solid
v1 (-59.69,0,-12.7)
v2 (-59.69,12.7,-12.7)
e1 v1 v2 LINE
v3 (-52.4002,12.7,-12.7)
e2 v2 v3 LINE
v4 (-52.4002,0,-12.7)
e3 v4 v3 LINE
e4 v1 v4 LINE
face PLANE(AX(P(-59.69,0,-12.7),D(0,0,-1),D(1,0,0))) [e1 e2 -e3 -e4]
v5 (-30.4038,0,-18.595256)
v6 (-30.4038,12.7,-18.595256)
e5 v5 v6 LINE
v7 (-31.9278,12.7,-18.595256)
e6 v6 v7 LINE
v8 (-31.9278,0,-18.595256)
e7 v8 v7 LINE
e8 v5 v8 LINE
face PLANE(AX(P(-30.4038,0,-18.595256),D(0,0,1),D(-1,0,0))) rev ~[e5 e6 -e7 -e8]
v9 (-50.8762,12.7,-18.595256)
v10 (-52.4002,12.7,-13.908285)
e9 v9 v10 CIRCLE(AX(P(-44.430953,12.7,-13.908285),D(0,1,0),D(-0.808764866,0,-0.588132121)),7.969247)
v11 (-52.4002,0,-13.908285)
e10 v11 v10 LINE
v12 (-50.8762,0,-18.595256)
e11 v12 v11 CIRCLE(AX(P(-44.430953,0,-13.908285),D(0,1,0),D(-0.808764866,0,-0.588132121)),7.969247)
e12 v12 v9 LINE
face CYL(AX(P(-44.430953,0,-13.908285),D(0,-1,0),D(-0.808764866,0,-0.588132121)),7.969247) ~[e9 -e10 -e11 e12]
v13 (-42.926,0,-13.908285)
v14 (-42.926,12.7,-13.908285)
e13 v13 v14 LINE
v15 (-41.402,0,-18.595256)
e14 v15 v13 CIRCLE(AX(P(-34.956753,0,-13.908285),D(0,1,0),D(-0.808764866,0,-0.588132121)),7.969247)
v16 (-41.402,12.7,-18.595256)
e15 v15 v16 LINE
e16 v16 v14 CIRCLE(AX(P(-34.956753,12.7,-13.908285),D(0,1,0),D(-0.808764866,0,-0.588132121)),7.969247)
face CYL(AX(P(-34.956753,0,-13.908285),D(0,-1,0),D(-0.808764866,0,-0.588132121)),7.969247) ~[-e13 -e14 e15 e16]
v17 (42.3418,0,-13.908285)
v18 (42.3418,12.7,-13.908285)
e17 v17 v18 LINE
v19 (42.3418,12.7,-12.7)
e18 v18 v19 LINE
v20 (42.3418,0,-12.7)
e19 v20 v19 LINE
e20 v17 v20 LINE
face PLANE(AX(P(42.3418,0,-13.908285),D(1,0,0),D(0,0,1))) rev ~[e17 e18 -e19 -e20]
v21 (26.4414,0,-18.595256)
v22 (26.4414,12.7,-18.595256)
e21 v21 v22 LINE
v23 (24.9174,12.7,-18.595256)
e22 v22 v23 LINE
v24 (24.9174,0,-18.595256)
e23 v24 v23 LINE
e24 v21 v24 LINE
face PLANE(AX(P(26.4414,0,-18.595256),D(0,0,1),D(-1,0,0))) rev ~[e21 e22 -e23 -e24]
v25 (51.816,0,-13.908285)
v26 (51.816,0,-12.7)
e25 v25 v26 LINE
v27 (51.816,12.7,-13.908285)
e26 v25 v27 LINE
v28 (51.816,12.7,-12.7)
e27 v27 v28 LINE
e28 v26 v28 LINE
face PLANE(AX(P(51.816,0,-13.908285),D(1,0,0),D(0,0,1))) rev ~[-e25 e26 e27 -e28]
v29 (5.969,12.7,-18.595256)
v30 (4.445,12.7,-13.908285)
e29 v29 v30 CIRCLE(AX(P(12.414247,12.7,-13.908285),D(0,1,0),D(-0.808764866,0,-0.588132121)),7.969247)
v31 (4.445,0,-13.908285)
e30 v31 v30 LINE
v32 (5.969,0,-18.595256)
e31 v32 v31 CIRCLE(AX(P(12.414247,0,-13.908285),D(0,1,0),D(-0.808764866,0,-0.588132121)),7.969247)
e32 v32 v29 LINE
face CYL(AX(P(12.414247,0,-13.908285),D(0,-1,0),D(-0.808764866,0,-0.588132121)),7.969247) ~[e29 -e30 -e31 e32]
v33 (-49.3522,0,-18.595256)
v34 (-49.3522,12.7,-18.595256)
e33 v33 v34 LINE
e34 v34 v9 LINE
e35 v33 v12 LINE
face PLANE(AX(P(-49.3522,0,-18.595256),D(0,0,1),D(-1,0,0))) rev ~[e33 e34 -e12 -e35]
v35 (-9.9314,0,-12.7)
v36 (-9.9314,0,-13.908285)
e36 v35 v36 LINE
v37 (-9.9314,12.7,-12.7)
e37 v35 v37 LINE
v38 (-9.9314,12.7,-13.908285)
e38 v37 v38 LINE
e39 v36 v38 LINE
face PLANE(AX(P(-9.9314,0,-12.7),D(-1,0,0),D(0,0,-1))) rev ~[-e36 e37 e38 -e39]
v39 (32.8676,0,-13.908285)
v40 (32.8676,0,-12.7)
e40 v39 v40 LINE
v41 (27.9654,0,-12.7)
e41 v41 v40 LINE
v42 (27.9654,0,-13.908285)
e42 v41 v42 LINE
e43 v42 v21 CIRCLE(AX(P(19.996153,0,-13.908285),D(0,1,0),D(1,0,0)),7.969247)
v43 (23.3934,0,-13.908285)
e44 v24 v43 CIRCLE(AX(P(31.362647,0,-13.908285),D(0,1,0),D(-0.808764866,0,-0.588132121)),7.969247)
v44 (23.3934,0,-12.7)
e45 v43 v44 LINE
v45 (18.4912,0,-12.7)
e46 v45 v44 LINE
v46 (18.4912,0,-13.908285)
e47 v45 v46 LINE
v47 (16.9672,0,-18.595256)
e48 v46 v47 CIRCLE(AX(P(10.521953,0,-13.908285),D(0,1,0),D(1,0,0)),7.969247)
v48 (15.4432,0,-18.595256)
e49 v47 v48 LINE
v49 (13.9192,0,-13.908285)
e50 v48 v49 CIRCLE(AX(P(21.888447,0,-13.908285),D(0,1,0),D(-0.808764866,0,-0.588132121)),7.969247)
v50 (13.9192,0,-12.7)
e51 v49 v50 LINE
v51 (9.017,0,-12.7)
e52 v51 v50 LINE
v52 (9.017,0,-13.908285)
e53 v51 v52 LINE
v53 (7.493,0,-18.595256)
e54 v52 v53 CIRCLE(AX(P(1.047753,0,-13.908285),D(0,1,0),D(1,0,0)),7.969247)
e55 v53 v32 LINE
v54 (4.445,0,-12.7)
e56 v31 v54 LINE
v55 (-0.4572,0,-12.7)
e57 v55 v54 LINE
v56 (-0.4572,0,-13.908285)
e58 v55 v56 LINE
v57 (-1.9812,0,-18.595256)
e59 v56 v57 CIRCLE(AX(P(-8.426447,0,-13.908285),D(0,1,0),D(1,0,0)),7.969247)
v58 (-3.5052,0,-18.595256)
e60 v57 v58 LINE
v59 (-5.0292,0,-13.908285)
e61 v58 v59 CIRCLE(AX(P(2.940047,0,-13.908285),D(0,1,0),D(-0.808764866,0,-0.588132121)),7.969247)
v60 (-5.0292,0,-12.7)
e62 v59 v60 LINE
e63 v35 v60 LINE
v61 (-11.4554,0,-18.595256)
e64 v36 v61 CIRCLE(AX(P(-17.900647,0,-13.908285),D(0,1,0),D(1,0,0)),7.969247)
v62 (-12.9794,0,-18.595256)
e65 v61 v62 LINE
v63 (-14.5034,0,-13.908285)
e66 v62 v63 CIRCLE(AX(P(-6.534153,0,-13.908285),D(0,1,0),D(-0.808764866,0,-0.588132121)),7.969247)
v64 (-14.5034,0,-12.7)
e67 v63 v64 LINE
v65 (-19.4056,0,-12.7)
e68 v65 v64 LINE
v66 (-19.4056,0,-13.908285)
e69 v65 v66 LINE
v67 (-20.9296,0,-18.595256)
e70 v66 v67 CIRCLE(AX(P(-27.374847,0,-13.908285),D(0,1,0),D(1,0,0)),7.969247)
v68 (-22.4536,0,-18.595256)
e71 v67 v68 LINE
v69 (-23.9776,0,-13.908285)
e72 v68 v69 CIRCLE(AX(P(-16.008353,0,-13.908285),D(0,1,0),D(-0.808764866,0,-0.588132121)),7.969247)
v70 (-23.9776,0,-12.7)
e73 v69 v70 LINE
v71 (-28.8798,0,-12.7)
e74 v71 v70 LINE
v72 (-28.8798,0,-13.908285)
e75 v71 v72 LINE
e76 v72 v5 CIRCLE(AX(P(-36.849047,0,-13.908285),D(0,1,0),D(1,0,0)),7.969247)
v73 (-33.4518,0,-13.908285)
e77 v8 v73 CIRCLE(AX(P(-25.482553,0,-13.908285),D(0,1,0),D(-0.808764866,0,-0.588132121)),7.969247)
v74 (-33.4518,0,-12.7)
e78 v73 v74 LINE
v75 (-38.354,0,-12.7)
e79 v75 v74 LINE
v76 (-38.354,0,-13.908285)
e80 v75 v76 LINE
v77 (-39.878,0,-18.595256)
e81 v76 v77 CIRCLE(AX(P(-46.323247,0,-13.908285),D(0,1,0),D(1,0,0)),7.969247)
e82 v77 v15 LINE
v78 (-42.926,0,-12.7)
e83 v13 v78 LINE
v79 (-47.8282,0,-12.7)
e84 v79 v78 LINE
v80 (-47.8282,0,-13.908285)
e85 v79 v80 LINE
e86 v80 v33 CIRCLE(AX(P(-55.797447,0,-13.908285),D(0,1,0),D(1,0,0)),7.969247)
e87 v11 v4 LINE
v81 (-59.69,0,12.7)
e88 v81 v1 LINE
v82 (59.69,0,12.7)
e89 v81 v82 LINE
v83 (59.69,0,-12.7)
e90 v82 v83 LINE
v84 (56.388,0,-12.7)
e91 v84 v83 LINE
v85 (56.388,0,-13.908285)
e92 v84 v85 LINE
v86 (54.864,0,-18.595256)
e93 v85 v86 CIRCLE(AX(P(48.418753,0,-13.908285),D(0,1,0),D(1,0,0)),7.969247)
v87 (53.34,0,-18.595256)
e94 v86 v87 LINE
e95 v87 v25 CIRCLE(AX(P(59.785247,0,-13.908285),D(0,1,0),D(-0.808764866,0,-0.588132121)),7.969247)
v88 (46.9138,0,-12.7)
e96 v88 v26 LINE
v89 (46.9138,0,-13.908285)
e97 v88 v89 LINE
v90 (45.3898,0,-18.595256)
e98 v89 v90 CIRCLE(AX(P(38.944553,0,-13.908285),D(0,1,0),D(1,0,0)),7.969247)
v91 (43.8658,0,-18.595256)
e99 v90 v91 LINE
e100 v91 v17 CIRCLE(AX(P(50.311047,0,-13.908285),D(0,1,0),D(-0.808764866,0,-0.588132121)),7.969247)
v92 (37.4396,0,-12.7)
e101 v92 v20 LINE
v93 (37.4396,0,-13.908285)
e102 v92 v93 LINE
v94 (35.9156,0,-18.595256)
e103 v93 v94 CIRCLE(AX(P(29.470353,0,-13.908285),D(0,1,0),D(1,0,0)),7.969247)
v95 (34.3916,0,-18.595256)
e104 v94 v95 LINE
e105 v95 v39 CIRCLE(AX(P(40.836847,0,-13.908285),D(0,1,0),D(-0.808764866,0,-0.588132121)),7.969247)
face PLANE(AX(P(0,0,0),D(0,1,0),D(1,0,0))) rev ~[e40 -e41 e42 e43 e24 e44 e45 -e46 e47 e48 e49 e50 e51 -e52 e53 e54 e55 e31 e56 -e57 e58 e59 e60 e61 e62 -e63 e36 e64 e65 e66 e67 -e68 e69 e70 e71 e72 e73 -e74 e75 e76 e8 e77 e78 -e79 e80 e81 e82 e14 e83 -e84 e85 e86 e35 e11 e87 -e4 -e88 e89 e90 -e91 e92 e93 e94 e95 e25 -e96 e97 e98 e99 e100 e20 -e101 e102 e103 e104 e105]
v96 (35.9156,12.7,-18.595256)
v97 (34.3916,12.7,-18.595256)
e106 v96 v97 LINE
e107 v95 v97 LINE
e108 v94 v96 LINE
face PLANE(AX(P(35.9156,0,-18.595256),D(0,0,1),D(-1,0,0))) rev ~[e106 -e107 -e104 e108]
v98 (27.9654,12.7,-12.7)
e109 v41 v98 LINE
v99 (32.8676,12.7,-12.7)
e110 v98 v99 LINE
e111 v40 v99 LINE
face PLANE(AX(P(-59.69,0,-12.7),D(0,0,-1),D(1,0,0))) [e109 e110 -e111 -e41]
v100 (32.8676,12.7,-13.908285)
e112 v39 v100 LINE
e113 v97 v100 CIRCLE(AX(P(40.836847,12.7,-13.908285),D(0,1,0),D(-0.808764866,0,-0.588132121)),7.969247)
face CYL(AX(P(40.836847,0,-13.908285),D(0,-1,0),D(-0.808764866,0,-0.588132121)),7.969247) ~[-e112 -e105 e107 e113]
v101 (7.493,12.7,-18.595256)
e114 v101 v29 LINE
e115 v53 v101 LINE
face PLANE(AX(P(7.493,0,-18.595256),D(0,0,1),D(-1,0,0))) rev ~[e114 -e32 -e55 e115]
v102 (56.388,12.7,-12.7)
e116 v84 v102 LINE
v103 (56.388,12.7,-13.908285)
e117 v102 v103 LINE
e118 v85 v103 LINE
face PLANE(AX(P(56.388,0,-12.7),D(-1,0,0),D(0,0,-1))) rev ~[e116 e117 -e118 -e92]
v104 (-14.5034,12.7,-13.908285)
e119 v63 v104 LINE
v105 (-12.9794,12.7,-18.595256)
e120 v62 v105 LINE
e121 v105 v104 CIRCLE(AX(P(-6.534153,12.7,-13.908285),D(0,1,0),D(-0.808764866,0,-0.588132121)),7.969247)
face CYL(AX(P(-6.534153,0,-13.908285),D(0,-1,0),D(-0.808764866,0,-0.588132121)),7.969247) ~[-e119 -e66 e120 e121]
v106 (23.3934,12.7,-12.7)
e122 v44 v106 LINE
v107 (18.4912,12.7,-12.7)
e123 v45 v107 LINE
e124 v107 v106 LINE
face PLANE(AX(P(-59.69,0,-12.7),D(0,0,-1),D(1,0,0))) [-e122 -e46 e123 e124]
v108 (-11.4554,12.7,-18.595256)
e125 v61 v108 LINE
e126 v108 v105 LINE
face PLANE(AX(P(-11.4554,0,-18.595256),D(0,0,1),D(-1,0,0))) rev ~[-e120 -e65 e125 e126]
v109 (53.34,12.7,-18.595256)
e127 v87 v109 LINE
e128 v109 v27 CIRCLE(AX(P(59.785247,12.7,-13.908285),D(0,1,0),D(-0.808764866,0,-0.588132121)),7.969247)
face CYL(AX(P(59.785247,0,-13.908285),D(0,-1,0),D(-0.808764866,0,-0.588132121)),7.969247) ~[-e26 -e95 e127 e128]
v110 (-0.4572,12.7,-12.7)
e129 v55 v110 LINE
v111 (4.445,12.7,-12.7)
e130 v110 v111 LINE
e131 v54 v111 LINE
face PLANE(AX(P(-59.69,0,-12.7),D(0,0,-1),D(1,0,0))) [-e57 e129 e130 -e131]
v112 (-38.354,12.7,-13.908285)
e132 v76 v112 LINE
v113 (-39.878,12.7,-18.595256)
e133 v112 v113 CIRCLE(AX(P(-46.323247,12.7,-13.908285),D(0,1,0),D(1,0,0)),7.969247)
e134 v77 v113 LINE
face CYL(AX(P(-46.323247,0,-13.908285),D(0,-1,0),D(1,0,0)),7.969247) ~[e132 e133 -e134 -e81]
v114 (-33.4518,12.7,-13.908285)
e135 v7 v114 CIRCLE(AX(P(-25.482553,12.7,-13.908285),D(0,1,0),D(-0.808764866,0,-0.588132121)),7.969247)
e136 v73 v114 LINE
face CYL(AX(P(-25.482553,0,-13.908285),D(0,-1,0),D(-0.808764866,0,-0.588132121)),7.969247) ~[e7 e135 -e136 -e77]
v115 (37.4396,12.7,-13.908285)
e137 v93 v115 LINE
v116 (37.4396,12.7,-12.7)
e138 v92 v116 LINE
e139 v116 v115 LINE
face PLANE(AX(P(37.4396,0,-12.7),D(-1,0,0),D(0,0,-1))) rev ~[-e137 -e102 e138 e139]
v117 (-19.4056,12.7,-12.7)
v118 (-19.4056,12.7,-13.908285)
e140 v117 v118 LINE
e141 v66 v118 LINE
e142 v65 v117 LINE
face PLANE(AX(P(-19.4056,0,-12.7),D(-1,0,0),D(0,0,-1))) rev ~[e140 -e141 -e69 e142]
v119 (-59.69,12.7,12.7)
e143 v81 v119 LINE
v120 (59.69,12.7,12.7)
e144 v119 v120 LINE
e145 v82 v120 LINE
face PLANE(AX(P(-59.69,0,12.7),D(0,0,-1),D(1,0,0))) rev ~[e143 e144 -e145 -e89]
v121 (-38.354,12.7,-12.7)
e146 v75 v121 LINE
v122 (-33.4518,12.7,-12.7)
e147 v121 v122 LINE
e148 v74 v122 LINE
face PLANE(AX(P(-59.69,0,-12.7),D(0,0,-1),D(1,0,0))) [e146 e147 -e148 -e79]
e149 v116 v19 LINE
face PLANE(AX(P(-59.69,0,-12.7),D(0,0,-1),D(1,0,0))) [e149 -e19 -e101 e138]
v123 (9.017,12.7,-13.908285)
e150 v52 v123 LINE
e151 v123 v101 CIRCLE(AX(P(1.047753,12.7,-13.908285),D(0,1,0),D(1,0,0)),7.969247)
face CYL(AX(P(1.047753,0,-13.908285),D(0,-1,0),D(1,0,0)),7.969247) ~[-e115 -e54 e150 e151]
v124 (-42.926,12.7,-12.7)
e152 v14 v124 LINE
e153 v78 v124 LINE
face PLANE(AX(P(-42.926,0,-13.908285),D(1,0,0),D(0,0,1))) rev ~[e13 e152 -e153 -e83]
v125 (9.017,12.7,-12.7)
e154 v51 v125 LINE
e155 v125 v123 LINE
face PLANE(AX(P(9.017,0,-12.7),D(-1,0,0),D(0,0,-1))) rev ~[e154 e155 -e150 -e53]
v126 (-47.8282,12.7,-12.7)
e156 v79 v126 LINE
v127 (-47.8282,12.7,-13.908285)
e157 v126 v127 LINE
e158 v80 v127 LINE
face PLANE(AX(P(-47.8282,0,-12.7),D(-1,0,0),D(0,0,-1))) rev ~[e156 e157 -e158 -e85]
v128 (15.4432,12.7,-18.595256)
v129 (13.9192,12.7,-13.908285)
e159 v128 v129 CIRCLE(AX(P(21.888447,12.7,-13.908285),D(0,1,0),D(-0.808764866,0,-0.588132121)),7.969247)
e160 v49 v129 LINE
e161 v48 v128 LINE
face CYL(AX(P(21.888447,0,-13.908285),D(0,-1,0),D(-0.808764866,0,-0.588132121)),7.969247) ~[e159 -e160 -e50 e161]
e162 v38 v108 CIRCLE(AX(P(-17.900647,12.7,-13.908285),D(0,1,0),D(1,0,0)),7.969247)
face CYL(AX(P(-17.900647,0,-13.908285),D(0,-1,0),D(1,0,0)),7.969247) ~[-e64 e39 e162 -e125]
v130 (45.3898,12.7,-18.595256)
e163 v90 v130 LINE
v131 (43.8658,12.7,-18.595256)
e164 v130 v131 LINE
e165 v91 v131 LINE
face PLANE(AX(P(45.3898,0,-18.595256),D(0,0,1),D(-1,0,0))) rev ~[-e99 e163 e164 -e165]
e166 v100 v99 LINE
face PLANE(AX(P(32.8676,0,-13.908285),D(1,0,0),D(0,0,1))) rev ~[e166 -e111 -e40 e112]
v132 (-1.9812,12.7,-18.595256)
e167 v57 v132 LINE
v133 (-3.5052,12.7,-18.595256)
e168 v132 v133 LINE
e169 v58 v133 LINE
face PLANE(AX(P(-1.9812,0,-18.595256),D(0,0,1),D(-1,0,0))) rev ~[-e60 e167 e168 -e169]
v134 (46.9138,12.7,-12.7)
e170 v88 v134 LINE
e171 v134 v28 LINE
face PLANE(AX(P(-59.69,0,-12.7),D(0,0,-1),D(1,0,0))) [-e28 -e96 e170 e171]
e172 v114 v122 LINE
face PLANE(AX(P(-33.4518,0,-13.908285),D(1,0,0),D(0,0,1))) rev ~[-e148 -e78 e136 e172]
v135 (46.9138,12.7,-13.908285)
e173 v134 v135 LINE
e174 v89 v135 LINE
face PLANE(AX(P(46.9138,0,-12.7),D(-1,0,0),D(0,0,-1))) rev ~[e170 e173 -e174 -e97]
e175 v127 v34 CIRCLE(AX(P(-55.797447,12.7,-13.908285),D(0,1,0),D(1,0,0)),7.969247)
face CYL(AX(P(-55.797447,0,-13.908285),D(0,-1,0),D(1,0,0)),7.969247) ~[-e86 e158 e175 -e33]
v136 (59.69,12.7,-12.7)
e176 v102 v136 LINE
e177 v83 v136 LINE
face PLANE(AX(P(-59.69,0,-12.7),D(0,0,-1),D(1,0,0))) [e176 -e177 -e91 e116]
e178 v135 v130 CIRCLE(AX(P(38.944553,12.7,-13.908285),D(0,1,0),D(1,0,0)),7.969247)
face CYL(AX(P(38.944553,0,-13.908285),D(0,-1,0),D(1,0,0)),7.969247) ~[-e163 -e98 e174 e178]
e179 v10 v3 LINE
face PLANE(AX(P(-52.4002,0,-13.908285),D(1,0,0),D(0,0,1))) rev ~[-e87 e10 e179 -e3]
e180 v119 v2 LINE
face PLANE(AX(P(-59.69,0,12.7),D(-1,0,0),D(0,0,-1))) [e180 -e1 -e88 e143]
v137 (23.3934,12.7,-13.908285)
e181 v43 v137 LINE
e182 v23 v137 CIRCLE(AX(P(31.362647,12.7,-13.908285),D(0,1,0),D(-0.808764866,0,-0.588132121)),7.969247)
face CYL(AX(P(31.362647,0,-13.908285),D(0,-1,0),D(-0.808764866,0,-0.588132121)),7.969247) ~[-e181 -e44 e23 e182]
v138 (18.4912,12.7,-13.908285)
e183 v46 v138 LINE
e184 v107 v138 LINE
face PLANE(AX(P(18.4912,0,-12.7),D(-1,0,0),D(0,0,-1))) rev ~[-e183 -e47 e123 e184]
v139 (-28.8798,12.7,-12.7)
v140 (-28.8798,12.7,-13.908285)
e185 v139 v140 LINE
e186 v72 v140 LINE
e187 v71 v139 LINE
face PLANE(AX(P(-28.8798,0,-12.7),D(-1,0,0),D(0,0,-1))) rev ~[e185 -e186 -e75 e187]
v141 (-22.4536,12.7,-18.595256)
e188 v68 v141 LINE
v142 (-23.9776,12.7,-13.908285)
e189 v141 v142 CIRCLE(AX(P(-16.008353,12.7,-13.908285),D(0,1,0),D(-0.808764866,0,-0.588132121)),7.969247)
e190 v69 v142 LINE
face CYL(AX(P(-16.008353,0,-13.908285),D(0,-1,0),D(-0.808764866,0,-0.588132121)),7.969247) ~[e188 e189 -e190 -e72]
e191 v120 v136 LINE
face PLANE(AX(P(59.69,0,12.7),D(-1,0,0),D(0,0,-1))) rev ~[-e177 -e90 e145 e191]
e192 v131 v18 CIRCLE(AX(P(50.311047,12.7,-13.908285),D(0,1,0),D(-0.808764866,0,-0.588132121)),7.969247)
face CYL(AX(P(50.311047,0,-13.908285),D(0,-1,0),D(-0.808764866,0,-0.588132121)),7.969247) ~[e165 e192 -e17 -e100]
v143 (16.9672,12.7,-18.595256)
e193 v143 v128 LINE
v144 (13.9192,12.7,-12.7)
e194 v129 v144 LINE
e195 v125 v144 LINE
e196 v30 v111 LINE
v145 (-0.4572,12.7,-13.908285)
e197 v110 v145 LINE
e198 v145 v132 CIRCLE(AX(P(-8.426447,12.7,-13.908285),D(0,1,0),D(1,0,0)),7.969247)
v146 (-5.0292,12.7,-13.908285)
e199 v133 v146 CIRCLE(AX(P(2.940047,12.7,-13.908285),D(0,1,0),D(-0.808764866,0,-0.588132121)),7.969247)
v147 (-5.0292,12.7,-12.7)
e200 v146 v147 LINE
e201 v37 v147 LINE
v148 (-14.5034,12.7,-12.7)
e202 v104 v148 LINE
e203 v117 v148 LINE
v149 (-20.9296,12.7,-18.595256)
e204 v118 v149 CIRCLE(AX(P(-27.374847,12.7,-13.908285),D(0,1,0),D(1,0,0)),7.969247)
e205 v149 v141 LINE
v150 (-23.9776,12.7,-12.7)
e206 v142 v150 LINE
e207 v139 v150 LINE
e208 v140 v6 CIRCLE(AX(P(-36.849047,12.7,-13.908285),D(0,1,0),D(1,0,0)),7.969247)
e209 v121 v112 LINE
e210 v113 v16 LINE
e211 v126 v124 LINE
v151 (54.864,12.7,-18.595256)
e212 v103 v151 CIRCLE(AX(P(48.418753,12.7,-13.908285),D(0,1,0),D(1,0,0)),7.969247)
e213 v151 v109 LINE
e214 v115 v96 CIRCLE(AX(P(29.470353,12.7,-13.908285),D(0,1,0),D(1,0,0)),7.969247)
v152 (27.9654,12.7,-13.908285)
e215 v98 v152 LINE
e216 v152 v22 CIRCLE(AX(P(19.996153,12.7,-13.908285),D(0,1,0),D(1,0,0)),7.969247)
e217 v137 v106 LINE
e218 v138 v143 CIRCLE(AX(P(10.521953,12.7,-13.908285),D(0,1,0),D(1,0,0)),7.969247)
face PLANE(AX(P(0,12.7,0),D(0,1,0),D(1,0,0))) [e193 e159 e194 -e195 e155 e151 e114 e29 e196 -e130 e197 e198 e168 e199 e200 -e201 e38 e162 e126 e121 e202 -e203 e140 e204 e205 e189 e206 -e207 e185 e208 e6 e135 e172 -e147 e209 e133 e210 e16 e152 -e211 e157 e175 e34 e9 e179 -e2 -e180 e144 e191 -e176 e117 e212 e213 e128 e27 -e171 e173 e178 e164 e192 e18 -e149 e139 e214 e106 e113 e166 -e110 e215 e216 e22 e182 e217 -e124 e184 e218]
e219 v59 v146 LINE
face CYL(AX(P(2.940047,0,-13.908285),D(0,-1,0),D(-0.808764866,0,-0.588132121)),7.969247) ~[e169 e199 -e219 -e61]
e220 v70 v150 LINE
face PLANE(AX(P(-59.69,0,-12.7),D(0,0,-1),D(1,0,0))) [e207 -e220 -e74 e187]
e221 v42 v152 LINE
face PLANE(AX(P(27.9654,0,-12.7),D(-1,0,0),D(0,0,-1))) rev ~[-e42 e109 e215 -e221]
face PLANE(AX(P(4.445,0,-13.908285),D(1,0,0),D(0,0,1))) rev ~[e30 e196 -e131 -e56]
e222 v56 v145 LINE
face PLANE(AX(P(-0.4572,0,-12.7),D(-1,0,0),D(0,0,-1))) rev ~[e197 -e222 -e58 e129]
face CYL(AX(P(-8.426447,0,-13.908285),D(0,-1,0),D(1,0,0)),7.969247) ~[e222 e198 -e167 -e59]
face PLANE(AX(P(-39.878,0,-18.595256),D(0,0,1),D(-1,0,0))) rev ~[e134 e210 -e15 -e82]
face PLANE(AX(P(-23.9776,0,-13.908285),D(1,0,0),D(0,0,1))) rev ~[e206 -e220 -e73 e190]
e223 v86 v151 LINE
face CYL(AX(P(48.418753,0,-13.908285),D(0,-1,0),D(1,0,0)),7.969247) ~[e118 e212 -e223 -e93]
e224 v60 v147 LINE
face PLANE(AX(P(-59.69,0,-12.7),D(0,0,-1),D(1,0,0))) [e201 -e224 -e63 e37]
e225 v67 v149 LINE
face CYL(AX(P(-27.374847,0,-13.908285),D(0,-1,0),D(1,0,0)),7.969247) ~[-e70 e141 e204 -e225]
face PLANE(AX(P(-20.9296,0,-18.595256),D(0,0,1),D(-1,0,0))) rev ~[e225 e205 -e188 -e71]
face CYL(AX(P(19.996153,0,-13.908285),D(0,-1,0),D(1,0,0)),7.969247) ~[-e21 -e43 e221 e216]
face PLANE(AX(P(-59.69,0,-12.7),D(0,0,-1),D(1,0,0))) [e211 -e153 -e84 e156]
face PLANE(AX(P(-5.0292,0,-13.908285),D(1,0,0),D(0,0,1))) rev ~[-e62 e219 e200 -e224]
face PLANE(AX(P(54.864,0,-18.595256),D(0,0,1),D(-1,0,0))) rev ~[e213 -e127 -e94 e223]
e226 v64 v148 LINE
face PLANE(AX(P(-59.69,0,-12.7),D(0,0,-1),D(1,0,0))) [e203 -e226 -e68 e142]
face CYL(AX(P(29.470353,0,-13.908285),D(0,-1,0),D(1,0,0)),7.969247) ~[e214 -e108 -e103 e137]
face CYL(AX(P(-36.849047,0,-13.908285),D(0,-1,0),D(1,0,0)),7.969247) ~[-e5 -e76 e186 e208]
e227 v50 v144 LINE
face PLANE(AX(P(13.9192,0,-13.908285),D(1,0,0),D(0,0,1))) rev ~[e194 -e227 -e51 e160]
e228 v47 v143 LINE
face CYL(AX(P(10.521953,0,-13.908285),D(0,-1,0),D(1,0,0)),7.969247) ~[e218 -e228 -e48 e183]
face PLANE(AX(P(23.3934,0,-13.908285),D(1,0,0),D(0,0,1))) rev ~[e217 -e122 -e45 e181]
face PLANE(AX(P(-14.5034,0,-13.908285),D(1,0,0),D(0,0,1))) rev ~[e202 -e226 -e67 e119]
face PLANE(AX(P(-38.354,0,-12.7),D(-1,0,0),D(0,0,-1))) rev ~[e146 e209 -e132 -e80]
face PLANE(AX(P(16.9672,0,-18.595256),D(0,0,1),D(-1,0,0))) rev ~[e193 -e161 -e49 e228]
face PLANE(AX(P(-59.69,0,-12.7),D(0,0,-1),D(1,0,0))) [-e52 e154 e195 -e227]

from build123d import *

# Parameters (mm, degrees)
BOSS_EXTRUDE1_DEPTH = 12.7
BOSS_EXTRUDE2_DEPTH = 12.7
LPATTERN1_COUNT     = 12
LPATTERN1_PITCH     = 9.4742


with BuildPart() as part:
    # Sketch1 → Boss-Extrude1 (new body)
    with BuildSketch(Plane(origin=(0, 0, 0), x_dir=(1, 0, 0), z_dir=(0, 1, 0))):
        Polygon((-59.69, 12.7), (-59.69, -12.7), (59.69, -12.7), (59.69, 12.7), (56.388, 12.7), (51.816, 12.7), align=None)
    extrude(amount=BOSS_EXTRUDE1_DEPTH)

    # Sketch1<4> → Boss-Extrude2 (add)
    with BuildSketch(Plane(origin=(0, 0, 0), x_dir=(1, 0, 0), z_dir=(0, 1, 0))):
        with BuildLine():
            Line((51.816, 13.908285481), (51.816, 12.7))
            Line((51.816, 12.7), (56.388, 12.7))
            Line((56.388, 12.7), (56.388, 13.908285481))
            ThreePointArc((56.388, 13.908285481), (55.997429107, 16.372543207), (54.864, 18.595255564))
            Line((54.864, 18.595255564), (53.34, 18.595255564))
            ThreePointArc((53.34, 18.595255564), (52.206570893, 16.372543207), (51.816, 13.908285481))
        make_face()
    boss_extrude2 = extrude(amount=BOSS_EXTRUDE2_DEPTH)

    # LPattern1: Boss-Extrude2 ×12
    with Locations(*[(-i * LPATTERN1_PITCH, 0, 0) for i in range(1, LPATTERN1_COUNT)]):
        add(boss_extrude2)


solid = part.part
